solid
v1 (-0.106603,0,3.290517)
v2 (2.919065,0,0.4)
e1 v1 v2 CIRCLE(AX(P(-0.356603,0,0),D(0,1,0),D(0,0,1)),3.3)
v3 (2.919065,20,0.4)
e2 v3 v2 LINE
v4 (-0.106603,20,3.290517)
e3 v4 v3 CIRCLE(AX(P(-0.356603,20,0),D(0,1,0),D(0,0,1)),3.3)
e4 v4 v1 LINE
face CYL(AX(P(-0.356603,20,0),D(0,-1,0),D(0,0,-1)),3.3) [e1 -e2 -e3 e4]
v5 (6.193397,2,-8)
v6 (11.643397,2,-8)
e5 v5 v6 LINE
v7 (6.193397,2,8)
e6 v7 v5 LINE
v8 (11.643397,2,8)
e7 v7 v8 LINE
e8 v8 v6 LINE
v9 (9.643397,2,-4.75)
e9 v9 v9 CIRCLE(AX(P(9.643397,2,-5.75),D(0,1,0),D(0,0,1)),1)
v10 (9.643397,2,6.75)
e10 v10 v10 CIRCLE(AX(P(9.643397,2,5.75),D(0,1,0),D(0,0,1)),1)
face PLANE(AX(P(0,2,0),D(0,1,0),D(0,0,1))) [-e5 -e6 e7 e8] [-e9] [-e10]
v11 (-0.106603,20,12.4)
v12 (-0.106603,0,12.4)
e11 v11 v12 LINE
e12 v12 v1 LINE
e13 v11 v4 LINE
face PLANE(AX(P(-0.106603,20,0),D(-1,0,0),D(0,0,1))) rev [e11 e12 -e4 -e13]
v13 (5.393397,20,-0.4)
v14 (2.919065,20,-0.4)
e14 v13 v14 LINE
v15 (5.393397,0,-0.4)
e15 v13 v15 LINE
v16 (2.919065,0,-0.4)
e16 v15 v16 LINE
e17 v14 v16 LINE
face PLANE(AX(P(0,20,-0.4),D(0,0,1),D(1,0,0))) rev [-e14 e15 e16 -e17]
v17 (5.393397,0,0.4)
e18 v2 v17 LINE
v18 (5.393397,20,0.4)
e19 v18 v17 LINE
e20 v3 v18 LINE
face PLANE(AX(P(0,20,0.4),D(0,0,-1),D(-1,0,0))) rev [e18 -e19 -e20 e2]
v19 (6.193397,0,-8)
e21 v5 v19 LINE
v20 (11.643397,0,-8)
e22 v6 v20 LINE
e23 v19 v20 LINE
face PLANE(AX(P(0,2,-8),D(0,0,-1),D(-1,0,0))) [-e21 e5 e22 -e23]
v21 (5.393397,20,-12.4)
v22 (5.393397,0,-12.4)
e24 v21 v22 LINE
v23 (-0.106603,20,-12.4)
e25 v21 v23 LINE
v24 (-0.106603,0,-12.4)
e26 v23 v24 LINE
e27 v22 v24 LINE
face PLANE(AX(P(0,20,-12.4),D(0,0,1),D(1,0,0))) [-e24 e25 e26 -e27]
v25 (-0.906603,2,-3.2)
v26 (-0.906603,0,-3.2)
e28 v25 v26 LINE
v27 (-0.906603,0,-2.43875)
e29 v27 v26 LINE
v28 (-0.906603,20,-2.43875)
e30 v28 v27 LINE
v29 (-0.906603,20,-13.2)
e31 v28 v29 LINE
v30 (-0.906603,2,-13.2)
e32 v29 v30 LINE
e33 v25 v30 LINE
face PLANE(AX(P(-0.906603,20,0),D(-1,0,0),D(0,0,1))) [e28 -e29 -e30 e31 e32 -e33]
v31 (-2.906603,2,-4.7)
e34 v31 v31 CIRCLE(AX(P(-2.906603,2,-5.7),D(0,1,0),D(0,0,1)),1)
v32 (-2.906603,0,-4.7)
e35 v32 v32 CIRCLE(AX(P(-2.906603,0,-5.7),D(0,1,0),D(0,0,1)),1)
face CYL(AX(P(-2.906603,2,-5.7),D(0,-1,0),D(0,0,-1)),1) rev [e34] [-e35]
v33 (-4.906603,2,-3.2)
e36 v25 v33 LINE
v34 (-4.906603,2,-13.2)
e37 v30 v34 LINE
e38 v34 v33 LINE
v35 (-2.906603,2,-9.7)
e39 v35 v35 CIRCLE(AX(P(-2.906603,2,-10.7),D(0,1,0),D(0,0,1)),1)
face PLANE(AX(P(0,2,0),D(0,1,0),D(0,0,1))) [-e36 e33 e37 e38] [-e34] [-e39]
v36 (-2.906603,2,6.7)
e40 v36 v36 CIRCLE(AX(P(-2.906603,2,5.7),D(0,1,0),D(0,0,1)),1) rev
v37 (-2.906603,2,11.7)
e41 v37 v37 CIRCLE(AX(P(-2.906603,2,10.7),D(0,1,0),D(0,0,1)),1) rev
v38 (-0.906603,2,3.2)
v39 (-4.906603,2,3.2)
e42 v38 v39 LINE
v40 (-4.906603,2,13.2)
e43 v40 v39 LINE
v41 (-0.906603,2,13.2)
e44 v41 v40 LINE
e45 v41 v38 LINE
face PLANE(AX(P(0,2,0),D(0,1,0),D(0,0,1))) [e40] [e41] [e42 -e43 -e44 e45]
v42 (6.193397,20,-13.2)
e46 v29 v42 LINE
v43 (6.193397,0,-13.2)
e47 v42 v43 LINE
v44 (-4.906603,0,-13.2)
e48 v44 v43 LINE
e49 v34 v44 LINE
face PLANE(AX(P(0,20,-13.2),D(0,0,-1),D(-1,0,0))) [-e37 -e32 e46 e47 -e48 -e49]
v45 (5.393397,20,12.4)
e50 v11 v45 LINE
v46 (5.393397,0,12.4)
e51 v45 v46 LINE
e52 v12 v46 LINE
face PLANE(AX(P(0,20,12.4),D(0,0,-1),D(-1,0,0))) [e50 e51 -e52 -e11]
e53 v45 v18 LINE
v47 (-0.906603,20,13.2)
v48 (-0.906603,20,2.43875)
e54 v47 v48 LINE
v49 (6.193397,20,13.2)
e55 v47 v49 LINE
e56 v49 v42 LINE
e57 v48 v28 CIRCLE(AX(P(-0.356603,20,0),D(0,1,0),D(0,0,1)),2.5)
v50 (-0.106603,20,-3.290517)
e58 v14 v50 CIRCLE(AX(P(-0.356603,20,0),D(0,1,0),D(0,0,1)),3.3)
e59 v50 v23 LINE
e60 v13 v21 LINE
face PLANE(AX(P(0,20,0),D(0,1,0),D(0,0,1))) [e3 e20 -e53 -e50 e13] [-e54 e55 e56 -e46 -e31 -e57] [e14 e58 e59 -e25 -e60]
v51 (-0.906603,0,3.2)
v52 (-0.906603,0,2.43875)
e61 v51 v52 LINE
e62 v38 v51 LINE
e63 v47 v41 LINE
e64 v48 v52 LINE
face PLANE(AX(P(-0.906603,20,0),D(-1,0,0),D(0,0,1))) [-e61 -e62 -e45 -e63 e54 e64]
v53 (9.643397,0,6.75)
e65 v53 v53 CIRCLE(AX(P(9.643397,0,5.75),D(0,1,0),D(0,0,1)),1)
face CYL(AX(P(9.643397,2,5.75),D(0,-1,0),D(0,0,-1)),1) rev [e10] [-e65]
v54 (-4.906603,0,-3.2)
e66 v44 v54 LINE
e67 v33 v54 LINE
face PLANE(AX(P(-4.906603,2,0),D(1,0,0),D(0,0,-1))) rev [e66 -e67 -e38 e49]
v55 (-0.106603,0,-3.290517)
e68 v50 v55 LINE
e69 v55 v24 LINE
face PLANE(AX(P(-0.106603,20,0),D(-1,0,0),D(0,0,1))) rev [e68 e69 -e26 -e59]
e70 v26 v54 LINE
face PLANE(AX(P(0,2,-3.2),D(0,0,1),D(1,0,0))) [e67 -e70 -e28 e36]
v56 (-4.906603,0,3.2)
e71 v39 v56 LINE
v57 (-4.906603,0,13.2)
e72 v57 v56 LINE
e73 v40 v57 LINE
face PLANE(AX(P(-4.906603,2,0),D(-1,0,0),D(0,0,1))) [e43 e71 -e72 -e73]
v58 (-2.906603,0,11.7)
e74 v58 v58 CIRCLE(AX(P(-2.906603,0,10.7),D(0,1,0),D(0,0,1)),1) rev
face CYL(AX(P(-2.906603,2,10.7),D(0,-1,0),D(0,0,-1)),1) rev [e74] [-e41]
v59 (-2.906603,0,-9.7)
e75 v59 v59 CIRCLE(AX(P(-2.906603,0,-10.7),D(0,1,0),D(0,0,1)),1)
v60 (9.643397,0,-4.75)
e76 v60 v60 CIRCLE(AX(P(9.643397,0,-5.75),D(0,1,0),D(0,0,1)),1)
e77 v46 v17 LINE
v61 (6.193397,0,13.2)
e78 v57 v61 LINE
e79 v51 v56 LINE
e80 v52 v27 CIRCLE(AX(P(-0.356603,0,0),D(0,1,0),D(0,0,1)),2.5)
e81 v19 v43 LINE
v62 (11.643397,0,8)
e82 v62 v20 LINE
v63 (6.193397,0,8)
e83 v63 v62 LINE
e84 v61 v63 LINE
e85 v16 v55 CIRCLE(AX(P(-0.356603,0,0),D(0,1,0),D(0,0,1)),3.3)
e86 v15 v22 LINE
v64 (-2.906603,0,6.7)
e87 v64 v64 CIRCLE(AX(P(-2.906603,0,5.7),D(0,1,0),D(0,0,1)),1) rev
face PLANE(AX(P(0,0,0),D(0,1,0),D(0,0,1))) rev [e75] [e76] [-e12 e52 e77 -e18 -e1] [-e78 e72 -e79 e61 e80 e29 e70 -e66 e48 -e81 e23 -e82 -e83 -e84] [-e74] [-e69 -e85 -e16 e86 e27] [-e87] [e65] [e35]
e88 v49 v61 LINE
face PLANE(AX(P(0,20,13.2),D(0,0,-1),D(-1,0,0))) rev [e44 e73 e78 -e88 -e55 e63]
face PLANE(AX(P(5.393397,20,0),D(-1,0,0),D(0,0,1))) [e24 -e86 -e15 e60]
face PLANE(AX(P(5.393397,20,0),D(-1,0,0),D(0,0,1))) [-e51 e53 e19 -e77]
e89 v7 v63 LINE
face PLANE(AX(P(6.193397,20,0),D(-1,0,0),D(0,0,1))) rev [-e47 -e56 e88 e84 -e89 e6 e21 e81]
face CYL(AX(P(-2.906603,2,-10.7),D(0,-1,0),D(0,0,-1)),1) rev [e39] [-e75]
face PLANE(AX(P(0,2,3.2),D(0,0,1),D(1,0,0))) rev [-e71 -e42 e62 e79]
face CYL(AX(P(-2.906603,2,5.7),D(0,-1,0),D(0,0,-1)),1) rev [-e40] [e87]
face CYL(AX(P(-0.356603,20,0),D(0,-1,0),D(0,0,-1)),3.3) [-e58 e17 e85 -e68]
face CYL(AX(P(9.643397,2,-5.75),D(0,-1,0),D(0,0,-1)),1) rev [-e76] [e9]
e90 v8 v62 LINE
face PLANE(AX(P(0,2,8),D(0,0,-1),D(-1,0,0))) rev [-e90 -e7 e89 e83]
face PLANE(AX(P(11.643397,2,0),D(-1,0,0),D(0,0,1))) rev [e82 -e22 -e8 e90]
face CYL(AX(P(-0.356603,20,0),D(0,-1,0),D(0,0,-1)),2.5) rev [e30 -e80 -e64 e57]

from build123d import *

# Parameters (mm, degrees)
BOSS_EXTRUDE1_DEPTH = 20
SKETCH1_3_W         = 4
SKETCH1_3_H         = 10
SKETCH1_3_R         = 1
SKETCH1_3_W_2       = 5.45
SKETCH1_3_H_2       = 16
BOSS_EXTRUDE2_DEPTH = 2


with BuildPart() as part:
    # Sketch1 → Boss-Extrude1 (new body)
    with BuildSketch(Plane(origin=(0, 0, 0), x_dir=(1, 0, 0), z_dir=(0, 1, 0))):
        with BuildLine():
            ThreePointArc((-0.906603032, 2.43874968), (2.143396968, 0), (-0.906603032, -2.43874968))
            Line((-0.906603032, -2.43874968), (-0.906603032, -13.2))
            Line((-0.906603032, -13.2), (6.193396968, -13.2))
            Line((6.193396968, -13.2), (6.193396968, 13.2))
            Line((6.193396968, 13.2), (-0.906603032, 13.2))
            Line((-0.906603032, 13.2), (-0.906603032, 2.43874968))
        make_face()
        with BuildLine():
            Line((5.393396968, 12.4), (5.393396968, 0.4))
            Line((5.393396968, 0.4), (2.919064839, 0.4))
            ThreePointArc((2.919064839, 0.4), (1.922948491, 2.386135967), (-0.106603032, 3.290516677))
            Line((-0.106603032, 3.290516677), (-0.106603032, 12.4))
            Line((-0.106603032, 12.4), (5.393396968, 12.4))
        make_face(mode=Mode.SUBTRACT)
        with BuildLine():
            Line((-0.106603032, -12.4), (-0.106603032, -3.290516677))
            ThreePointArc((-0.106603032, -3.290516677), (1.922948491, -2.386135967), (2.919064839, -0.4))
            Line((2.919064839, -0.4), (5.393396968, -0.4))
            Line((5.393396968, -0.4), (5.393396968, -12.4))
            Line((5.393396968, -12.4), (-0.106603032, -12.4))
        make_face(mode=Mode.SUBTRACT)
    extrude(amount=BOSS_EXTRUDE1_DEPTH)

    # Sketch1<3> → Boss-Extrude2 (add)
    # profile 1 of 3: a face of its own
    with BuildSketch(Plane(origin=(0, 0, 0), x_dir=(1, 0, 0), z_dir=(0, 1, 0))):
        with Locations((-2.906603032, 8.2)):
            Rectangle(SKETCH1_3_W, SKETCH1_3_H)
        with Locations((-2.906603032, 5.7)):
            Circle(SKETCH1_3_R, mode=Mode.SUBTRACT)
        with Locations((-2.906603032, 10.7)):
            Circle(SKETCH1_3_R, mode=Mode.SUBTRACT)
    # profile 2 of 3: a face of its own
    with BuildSketch(Plane(origin=(0, 0, 0), x_dir=(1, 0, 0), z_dir=(0, 1, 0))):
        with Locations((-2.906603032, -8.2)):
            Rectangle(SKETCH1_3_W, SKETCH1_3_H)
        with Locations((-2.906603032, -10.7)):
            Circle(SKETCH1_3_R, mode=Mode.SUBTRACT)
        with Locations((-2.906603032, -5.7)):
            Circle(SKETCH1_3_R, mode=Mode.SUBTRACT)
    # profile 3 of 3: a face of its own
    with BuildSketch(Plane(origin=(0, 0, 0), x_dir=(1, 0, 0), z_dir=(0, 1, 0))):
        with Locations((8.918396968, 0)):
            Rectangle(SKETCH1_3_W_2, SKETCH1_3_H_2)
        with Locations((9.643396968, -5.75)):
            Circle(SKETCH1_3_R, mode=Mode.SUBTRACT)
        with Locations((9.643396968, 5.75)):
            Circle(SKETCH1_3_R, mode=Mode.SUBTRACT)
    extrude(amount=BOSS_EXTRUDE2_DEPTH)


solid = part.part
